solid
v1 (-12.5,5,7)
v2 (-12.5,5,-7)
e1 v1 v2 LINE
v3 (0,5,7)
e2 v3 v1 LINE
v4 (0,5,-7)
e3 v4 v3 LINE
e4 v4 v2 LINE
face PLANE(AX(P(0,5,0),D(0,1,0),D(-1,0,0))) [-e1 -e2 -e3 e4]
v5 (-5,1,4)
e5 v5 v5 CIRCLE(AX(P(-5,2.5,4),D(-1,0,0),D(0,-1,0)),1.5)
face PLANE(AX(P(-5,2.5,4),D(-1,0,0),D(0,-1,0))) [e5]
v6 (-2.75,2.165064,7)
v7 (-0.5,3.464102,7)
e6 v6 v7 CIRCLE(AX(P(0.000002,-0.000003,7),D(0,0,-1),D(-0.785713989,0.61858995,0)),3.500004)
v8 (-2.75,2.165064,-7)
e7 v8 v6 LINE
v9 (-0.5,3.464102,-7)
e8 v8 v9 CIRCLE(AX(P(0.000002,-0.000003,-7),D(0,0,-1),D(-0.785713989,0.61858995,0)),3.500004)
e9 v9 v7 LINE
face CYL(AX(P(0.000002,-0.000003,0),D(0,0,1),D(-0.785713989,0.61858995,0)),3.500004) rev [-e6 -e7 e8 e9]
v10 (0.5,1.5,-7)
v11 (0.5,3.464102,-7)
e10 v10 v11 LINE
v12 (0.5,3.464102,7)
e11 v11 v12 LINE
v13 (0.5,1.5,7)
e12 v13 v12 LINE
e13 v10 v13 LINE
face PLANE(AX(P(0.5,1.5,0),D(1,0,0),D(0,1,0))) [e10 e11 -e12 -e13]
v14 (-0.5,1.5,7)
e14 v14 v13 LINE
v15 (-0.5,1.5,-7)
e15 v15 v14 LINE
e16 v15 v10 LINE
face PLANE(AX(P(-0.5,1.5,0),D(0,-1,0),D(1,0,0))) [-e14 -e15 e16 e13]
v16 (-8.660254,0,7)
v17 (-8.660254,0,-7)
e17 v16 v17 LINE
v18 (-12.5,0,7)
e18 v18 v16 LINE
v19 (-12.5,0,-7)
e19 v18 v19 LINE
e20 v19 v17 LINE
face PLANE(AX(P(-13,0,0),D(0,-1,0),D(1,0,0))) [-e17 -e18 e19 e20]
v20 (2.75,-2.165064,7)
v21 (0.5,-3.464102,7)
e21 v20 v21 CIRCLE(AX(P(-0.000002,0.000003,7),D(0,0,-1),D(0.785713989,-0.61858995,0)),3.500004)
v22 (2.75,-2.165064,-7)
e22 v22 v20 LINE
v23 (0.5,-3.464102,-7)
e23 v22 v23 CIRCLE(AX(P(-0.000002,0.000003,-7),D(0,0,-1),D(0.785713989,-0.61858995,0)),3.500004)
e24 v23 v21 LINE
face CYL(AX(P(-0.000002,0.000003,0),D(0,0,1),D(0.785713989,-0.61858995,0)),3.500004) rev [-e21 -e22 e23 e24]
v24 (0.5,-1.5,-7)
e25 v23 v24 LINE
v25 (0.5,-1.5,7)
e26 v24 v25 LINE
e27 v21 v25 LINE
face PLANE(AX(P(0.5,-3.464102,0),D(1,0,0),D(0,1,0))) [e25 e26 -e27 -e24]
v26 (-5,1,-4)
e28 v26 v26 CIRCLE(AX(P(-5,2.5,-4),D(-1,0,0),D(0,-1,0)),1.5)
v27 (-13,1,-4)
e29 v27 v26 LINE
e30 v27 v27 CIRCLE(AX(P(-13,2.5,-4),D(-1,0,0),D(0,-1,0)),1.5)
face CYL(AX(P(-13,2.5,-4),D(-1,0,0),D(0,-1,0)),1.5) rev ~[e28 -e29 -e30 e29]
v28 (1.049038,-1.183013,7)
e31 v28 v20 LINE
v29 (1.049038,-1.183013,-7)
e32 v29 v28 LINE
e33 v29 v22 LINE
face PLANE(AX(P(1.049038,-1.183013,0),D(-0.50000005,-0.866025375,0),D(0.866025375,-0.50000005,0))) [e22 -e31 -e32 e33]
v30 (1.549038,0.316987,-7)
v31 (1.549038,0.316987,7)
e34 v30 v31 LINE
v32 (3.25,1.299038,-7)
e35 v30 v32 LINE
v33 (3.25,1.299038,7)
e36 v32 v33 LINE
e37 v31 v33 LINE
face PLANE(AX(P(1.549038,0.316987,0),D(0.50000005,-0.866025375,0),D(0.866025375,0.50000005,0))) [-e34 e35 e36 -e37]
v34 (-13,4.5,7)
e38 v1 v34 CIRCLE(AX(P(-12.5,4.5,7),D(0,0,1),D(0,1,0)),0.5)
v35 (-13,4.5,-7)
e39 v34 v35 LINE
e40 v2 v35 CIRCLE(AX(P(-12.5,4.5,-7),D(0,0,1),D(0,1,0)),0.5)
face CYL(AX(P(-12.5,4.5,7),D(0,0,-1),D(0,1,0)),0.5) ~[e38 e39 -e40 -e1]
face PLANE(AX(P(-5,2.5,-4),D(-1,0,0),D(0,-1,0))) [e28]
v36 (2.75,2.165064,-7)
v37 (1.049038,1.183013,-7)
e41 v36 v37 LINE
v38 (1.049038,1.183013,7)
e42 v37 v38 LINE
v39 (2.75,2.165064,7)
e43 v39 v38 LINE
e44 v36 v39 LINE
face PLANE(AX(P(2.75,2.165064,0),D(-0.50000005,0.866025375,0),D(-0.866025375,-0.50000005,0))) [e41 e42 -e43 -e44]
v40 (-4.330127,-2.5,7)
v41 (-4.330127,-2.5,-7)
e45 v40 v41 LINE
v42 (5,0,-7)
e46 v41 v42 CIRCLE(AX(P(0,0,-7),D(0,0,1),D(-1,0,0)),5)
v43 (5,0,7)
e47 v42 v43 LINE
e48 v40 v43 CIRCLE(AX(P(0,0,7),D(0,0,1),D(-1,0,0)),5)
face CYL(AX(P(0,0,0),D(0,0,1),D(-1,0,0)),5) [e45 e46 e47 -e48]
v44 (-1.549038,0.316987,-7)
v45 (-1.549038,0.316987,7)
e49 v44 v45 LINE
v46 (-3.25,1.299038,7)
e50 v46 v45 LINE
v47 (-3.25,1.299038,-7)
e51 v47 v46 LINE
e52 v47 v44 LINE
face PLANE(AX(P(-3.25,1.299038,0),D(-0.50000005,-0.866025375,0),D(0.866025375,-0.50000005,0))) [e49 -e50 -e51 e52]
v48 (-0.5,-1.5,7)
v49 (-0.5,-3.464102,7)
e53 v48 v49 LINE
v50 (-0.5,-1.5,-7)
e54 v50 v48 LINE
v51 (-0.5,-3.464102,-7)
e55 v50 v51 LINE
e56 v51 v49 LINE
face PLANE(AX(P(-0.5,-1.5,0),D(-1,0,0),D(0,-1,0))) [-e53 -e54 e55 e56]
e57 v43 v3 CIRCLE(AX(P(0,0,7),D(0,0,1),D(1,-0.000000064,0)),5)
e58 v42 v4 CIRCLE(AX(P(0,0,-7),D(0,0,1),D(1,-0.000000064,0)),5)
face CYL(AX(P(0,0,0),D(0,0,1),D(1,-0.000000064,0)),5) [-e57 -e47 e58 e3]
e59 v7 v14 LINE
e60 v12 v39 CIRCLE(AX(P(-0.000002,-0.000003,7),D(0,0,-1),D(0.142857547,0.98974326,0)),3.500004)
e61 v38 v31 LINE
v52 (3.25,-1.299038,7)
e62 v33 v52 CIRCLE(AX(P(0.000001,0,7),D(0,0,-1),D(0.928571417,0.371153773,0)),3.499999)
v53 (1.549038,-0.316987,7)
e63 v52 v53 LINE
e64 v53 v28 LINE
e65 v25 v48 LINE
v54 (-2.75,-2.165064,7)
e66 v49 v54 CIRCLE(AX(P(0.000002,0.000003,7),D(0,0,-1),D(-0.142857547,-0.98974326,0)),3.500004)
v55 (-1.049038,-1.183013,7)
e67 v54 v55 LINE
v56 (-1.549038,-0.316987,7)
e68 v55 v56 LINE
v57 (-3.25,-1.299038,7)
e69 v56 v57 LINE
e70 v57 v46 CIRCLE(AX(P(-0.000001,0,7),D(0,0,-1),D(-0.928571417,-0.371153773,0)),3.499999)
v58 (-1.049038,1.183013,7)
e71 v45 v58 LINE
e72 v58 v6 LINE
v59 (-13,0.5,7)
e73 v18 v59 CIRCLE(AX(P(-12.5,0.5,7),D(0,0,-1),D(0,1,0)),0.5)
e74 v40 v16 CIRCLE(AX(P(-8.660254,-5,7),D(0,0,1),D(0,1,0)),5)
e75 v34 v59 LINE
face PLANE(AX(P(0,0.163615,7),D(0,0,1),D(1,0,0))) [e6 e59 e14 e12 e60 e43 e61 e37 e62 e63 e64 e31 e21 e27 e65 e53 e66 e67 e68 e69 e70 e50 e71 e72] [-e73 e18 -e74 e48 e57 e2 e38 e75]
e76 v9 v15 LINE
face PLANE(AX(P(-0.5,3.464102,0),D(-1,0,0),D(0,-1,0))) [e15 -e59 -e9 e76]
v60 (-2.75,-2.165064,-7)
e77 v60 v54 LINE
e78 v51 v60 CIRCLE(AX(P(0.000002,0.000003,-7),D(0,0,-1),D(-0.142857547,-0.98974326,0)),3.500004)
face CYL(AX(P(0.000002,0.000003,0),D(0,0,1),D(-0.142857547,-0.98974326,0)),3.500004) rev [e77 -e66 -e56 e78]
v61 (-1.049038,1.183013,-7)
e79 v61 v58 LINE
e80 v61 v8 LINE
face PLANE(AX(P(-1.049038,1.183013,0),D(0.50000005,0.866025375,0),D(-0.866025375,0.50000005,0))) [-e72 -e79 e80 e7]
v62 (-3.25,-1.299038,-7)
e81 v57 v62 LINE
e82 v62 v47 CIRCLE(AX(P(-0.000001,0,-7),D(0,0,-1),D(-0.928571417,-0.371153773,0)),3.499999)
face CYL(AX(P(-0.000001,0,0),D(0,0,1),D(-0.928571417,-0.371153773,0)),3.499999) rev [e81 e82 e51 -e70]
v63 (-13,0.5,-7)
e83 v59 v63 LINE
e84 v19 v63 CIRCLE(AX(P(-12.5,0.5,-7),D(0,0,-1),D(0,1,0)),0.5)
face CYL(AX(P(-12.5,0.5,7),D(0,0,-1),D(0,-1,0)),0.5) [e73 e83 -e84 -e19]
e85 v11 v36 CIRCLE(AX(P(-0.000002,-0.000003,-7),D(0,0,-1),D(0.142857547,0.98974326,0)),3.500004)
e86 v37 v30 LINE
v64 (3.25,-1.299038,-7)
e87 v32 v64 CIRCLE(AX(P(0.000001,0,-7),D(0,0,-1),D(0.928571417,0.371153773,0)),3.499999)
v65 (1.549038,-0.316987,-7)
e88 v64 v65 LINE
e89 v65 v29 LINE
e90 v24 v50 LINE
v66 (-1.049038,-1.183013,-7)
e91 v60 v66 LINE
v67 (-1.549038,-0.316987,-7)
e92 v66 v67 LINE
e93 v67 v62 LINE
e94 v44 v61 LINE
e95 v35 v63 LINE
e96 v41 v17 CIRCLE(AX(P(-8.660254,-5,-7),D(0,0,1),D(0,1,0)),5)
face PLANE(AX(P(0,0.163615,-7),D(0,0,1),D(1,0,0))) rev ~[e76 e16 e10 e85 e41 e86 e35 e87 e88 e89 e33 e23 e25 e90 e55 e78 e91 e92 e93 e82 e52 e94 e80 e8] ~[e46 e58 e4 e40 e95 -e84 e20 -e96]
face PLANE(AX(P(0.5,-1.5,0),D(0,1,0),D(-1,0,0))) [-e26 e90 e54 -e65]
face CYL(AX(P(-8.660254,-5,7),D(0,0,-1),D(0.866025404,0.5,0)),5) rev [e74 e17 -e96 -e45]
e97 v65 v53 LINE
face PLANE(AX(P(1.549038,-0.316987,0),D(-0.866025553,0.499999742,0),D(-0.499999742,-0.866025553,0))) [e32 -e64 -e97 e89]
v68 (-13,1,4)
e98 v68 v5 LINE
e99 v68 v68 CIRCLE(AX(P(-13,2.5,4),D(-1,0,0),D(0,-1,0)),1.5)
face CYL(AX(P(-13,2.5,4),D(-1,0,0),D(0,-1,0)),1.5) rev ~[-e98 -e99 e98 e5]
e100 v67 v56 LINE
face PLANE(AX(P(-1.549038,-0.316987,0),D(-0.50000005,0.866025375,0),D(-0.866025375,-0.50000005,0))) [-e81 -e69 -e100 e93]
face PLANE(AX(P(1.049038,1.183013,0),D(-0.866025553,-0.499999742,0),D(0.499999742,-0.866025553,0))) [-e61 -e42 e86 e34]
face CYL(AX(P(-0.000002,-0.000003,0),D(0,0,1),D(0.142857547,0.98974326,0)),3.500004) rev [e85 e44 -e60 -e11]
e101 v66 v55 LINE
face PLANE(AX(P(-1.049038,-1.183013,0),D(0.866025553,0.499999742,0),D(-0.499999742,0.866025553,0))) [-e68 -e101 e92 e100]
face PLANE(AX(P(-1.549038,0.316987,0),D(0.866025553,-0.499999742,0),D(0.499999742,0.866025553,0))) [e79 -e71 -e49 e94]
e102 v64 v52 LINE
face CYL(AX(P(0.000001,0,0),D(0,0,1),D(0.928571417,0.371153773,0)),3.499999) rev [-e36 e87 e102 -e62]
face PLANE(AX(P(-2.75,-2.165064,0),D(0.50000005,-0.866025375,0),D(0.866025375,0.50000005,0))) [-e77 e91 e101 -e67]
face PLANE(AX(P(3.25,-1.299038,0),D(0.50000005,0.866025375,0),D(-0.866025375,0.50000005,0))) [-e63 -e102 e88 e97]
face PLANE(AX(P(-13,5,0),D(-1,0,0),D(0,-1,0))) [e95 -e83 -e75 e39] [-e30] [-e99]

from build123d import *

# Parameters (mm, degrees)
F1_DEPTH = 7
F2_R     = 5
F3_R     = 0.5
F4_R     = 1.5
F5_DEPTH = 8


with BuildPart() as f1:
    # F0 (on Top) → F1 (new body, symmetric)
    with BuildSketch(Plane.XY):
        with BuildLine():
            ThreePointArc((-5, 0), (0, -5), (5, 0))
            ThreePointArc((5, 0), (3.535534, 3.535534), (0, 5))
            ThreePointArc((0, 5), (-3.535534, 3.535534), (-5, 0))
        make_face()
        with BuildLine():
            ThreePointArc((-2.75, 2.165064), (-1.75, 3.031089), (-0.5, 3.464102))
            ThreePointArc((-0.5, 3.464102), (0, 3.5), (0.5, 3.464102))
            ThreePointArc((0.5, 3.464102), (1.75, 3.031089), (2.75, 2.165064))
            Line((2.75, 2.165064), (1.049038, 1.183013))
            Line((1.049038, 1.183013), (1.549038, 0.316987))
            Line((1.549038, 0.316987), (3.25, 1.299038))
            ThreePointArc((3.25, 1.299038), (3.5, 0), (3.25, -1.299038))
            ThreePointArc((3.25, -1.299038), (3.031089, -1.75), (2.75, -2.165064))
            ThreePointArc((2.75, -2.165064), (1.75, -3.031089), (0.5, -3.464102))
            ThreePointArc((0.5, -3.464102), (0, -3.5), (-0.5, -3.464102))
            ThreePointArc((-0.5, -3.464102), (-1.75, -3.031089), (-2.75, -2.165064))
            ThreePointArc((-2.75, -2.165064), (-3.031089, -1.75), (-3.25, -1.299038))
            ThreePointArc((-3.25, -1.299038), (-3.5, 0), (-3.25, 1.299038))
            ThreePointArc((-3.25, 1.299038), (-3.031089, 1.75), (-2.75, 2.165064))
        make_face(mode=Mode.SUBTRACT)
        with BuildLine():
            Line((-1.049038, 1.183013), (-2.75, 2.165064))
            ThreePointArc((-2.75, 2.165064), (-3.031089, 1.75), (-3.25, 1.299038))
            Line((-3.25, 1.299038), (-1.549038, 0.316987))
            Line((-1.549038, 0.316987), (-1.049038, 1.183013))
        make_face()
        with BuildLine():
            ThreePointArc((0.5, 3.464102), (0, 3.5), (-0.5, 3.464102))
            Line((-0.5, 3.464102), (-0.5, 1.5))
            Line((-0.5, 1.5), (0.5, 1.5))
            Line((0.5, 1.5), (0.5, 3.464102))
        make_face()
        with BuildLine():
            Line((-1.549038, -0.316987), (-3.25, -1.299038))
            ThreePointArc((-3.25, -1.299038), (-3.031089, -1.75), (-2.75, -2.165064))
            Line((-2.75, -2.165064), (-1.049038, -1.183013))
            Line((-1.049038, -1.183013), (-1.549038, -0.316987))
        make_face()
        with BuildLine():
            Line((-0.5, -1.5), (-0.5, -3.464102))
            ThreePointArc((-0.5, -3.464102), (0, -3.5), (0.5, -3.464102))
            Line((0.5, -3.464102), (0.5, -1.5))
            Line((0.5, -1.5), (-0.5, -1.5))
        make_face()
        with BuildLine():
            ThreePointArc((2.75, -2.165064), (3.031089, -1.75), (3.25, -1.299038))
            Line((3.25, -1.299038), (1.549038, -0.316987))
            Line((1.549038, -0.316987), (1.049038, -1.183013))
            Line((1.049038, -1.183013), (2.75, -2.165064))
        make_face()
        with BuildLine():
            ThreePointArc((-5, 0), (-3.535534, 3.535534), (0, 5))
            Line((0, 5), (-13, 5))
            Line((-13, 5), (-13, 0))
            Line((-13, 0), (-5, 0))
        make_face()
    extrude(amount=F1_DEPTH, both=True)

    # F2
    f2_edges = [f1.edges().sort_by_distance(p)[0] for p in [
        (-5, 0, 0),
    ]]
    fillet(f2_edges, radius=F2_R)

    # F3
    f3_edges = [f1.edges().sort_by_distance(p)[0] for p in [
        (-13, 5, 0),
        (-13, 0, 0),
    ]]
    fillet(f3_edges, radius=F3_R)

    # F4 (on face) → F5 (cut)
    with BuildSketch(Plane(origin=(-13, 0, 0), x_dir=(0, -1, 0), z_dir=(-1, 0, 0))):
        with Locations((-2.5, 4)):
            Circle(F4_R)
        with Locations((-2.5, -4)):
            Circle(F4_R)
    extrude(amount=-F5_DEPTH, mode=Mode.SUBTRACT)


solid = f1.part
